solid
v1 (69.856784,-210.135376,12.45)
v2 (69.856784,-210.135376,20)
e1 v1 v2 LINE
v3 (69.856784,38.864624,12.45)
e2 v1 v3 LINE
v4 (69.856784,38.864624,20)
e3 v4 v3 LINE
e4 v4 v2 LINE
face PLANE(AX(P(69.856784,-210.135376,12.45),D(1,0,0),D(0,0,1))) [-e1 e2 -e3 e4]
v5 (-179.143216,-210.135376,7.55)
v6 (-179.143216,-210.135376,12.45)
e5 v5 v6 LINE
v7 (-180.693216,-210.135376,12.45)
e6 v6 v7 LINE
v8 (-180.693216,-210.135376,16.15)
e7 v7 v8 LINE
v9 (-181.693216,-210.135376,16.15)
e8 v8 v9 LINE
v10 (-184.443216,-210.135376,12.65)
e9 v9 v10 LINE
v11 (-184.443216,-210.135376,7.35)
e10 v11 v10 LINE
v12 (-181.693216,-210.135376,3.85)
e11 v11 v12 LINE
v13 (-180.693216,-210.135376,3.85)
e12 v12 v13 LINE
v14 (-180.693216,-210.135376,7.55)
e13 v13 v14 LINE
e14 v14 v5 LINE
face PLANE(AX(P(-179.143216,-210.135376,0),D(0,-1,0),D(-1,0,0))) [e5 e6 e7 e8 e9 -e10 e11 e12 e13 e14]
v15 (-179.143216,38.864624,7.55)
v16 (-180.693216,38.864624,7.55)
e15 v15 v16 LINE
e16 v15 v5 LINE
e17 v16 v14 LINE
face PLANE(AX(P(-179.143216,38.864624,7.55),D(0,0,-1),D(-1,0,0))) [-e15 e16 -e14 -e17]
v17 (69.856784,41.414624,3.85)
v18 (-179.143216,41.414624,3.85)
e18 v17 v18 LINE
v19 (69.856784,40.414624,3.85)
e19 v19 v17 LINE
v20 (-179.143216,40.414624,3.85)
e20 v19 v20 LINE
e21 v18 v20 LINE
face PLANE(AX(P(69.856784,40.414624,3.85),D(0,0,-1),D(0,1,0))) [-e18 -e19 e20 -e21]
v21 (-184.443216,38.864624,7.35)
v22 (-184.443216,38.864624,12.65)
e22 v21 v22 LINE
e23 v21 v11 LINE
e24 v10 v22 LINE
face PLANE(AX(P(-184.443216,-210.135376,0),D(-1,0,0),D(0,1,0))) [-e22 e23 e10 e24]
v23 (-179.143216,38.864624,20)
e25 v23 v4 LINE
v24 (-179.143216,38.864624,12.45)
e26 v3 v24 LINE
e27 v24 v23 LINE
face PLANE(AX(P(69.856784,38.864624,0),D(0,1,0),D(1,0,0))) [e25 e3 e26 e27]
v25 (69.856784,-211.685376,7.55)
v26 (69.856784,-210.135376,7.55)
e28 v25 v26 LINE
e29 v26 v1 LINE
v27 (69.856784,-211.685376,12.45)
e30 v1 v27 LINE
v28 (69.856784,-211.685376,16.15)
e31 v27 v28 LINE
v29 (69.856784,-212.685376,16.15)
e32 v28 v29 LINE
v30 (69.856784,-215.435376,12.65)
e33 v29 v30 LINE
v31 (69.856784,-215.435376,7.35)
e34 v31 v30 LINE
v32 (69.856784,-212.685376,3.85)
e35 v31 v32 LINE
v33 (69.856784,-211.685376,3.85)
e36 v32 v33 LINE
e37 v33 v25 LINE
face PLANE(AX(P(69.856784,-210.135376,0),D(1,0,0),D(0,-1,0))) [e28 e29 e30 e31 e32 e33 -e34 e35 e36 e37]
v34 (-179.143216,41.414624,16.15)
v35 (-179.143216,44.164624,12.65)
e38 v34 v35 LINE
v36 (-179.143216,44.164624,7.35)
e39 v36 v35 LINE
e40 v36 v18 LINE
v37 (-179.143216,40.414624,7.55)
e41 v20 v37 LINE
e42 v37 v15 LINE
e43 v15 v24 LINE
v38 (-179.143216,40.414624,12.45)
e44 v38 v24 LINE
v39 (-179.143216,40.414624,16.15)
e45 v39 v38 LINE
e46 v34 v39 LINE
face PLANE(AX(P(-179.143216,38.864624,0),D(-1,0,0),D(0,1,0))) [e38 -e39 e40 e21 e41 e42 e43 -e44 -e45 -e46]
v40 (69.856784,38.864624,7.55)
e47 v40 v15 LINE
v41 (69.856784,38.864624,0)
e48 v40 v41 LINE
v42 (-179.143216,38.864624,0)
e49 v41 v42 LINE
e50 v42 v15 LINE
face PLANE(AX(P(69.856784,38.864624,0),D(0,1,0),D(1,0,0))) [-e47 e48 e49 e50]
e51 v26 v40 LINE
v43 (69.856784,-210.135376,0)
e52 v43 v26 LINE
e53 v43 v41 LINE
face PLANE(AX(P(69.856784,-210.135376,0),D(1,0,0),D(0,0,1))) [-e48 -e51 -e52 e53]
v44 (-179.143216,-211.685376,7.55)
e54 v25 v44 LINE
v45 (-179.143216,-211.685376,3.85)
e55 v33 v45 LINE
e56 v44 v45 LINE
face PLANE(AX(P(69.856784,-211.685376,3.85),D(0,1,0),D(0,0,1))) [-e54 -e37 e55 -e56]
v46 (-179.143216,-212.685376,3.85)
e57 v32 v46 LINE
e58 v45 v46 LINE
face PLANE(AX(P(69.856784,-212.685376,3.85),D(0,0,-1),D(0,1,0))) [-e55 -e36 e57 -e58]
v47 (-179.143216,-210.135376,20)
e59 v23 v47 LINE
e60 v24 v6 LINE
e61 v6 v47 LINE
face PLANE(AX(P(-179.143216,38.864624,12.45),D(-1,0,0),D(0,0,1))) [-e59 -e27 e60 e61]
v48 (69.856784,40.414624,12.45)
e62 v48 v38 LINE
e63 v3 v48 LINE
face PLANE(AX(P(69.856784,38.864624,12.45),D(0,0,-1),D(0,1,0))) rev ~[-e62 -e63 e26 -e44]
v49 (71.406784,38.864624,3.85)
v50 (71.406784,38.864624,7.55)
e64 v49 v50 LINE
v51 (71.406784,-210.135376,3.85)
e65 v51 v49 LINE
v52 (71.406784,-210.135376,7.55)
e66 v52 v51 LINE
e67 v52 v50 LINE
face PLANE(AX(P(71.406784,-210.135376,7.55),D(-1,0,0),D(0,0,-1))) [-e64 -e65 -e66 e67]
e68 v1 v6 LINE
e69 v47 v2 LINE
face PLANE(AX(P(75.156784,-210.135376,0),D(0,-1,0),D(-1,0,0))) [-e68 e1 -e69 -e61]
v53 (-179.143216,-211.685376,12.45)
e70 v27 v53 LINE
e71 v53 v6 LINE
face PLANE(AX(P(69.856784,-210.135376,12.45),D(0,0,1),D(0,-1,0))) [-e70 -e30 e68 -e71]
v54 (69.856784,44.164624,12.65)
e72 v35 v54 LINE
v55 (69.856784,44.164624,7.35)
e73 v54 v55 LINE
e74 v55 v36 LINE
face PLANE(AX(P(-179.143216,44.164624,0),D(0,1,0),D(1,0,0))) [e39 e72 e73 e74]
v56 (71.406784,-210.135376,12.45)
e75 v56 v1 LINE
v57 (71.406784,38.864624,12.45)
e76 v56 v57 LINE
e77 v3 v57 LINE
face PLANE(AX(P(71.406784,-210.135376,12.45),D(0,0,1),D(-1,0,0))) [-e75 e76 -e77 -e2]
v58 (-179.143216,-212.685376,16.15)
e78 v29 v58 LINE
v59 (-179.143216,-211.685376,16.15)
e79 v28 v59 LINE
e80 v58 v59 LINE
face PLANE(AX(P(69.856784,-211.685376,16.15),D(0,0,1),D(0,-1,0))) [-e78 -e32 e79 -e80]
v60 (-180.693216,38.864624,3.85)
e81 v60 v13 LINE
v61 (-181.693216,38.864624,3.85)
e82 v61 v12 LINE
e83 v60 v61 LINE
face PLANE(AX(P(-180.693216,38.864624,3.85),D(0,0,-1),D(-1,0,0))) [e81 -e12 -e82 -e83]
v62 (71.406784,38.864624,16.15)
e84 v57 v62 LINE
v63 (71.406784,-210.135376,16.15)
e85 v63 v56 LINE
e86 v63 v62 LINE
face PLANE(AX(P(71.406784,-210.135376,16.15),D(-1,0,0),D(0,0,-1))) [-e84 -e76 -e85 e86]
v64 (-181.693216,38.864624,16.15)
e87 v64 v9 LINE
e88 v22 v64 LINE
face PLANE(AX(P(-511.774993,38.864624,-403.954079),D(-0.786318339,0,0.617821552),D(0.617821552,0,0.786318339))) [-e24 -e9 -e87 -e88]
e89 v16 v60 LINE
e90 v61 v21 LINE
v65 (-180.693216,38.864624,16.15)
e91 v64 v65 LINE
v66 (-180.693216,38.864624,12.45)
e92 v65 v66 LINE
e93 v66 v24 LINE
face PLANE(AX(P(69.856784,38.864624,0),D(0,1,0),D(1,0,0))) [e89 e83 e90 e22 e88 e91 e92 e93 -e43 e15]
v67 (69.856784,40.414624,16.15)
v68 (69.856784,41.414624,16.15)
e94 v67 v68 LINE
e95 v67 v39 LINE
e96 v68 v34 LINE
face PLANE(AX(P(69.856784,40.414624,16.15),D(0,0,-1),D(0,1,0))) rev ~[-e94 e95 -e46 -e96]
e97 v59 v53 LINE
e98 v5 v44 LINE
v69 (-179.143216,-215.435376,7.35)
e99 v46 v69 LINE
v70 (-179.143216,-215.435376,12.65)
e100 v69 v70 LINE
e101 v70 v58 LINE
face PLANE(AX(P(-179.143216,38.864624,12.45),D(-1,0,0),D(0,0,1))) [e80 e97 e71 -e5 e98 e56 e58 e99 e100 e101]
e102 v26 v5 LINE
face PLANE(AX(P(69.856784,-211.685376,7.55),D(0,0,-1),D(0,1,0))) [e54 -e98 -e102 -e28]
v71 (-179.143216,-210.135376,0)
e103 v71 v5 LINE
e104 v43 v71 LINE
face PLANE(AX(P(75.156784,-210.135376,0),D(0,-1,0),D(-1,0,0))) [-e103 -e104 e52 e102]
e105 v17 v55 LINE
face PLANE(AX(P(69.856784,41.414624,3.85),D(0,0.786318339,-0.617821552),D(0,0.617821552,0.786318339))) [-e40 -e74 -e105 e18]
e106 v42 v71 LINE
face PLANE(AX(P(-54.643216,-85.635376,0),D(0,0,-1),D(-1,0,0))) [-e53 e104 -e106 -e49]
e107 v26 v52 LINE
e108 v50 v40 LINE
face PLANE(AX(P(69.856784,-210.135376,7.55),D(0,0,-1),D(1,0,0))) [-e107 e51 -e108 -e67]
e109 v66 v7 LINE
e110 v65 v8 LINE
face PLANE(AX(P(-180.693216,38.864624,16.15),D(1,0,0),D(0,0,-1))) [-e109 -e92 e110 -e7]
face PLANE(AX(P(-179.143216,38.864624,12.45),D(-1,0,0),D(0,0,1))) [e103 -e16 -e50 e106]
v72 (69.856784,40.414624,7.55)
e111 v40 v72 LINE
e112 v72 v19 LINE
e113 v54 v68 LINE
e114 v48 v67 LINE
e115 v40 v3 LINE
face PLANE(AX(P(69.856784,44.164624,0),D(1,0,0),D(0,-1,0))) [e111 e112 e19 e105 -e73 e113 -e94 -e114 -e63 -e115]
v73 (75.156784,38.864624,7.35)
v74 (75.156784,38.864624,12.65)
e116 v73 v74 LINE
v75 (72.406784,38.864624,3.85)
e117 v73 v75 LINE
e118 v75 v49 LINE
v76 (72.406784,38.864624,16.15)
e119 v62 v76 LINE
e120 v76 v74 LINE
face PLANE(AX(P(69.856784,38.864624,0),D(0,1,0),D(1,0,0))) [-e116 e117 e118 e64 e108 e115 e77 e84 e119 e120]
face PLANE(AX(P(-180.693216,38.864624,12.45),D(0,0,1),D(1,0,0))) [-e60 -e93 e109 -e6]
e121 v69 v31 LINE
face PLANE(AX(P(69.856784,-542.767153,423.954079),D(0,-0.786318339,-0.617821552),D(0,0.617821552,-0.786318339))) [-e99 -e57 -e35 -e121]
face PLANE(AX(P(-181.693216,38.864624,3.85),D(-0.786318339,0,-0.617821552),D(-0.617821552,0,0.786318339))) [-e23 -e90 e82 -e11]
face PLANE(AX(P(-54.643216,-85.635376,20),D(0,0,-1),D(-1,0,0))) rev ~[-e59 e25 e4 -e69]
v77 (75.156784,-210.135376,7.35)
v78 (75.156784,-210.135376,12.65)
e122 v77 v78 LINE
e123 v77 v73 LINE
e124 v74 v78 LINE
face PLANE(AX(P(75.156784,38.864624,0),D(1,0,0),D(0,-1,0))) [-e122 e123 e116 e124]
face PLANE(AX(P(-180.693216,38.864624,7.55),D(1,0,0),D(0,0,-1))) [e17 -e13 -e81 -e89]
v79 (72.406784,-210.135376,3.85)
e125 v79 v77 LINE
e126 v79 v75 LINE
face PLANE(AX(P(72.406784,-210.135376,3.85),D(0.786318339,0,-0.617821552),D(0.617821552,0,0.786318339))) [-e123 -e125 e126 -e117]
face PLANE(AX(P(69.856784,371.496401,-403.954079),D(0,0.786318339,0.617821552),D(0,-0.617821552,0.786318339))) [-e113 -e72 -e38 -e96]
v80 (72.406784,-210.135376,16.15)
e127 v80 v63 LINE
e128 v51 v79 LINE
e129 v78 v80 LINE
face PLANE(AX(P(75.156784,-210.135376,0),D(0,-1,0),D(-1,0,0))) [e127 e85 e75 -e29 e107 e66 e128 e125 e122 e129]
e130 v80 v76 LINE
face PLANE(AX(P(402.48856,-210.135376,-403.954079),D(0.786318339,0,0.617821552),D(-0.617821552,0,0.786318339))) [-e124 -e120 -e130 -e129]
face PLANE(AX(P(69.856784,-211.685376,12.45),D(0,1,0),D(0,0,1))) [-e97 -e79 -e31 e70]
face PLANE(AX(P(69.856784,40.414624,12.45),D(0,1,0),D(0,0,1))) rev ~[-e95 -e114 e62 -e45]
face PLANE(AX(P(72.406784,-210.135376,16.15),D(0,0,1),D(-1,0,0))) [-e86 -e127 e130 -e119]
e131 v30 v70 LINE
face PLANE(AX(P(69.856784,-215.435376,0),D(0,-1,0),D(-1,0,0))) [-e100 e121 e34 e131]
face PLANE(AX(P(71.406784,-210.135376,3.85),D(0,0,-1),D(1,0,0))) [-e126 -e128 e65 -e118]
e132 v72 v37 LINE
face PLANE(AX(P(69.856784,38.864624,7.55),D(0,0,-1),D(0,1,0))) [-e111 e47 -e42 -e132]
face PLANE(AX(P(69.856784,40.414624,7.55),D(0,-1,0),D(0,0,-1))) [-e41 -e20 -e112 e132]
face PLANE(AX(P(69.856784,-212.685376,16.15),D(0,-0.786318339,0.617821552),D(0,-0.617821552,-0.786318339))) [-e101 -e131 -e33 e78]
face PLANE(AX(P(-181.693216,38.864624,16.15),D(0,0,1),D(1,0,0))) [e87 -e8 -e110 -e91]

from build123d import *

# Parameters (mm, degrees)
BOSS_EXTRU_1_DEPTH           = 20
ENL_V_MAT_EXTRU_1_DEPTH      = 334.887542768
ENL_V_MAT_EXTRU_1_DEPTH_BACK = 249
ENL_V_MAT_EXTRU_2_DEPTH      = 334.887542768
ENL_V_MAT_EXTRU_2_DEPTH_BACK = 249
ENL_V_MAT_EXTRU_3_DEPTH      = 315.78213111
ENL_V_MAT_EXTRU_3_DEPTH_BACK = 249
ENL_V_MAT_EXTRU_4_DEPTH      = 315.78213111
ENL_V_MAT_EXTRU_4_DEPTH_BACK = 249
ENL_V_MAT_EXTRU_5_DEPTH      = 334.887542768
ENL_V_MAT_EXTRU_5_DEPTH_BACK = 249
ENL_V_MAT_EXTRU_6_DEPTH      = 334.887542768
ENL_V_MAT_EXTRU_6_DEPTH_BACK = 249
ENL_V_MAT_EXTRU_7_DEPTH      = 315.78213111
ENL_V_MAT_EXTRU_7_DEPTH_BACK = 249
ENL_V_MAT_EXTRU_8_DEPTH      = 315.78213111
ENL_V_MAT_EXTRU_8_DEPTH_BACK = 249


with BuildPart() as part:
    # Esquisse1 → Boss.-Extru.1 (new body)
    with BuildSketch(Plane.XY):
        Polygon((-179.143216373, 44.164624039), (69.856783627, 44.164624039), (69.856783627, 38.864624039), (75.156783627, 38.864624039), (75.156783627, -210.135375961), (69.856783627, -210.135375961), (69.856783627, -215.435375961), (-179.143216373, -215.435375961), (-179.143216373, -210.135375961), (-184.443216373, -210.135375961), (-184.443216373, 38.864624039), (-179.143216373, 38.864624039), align=None)
    extrude(amount=BOSS_EXTRU_1_DEPTH)

    # Esquisse2 → Enlèv. mat.-Extru.1 (cut, two sides: drawn at the far end of the back side and taken through both)
    with BuildSketch(Plane.ZY.offset(179.143216373).offset(-ENL_V_MAT_EXTRU_1_DEPTH_BACK)):
        Polygon((-529.816054004, 38.864624039), (0, 38.864624039), (7.55, 38.864624039), (7.55, 40.414624039), (3.85, 40.414624039), (3.85, 41.414624039), (7.35, 44.164624039), (423.954079466, 371.496400762), (75.014402763, 1372.026913212), (-878.755730707, 1039.395136489), align=None)
    extrude(amount=ENL_V_MAT_EXTRU_1_DEPTH + ENL_V_MAT_EXTRU_1_DEPTH_BACK, mode=Mode.SUBTRACT)

    # Esquisse3 → Enlèv. mat.-Extru.2 (cut, two sides: drawn at the far end of the back side and taken through both)
    with BuildSketch(Plane.ZY.offset(179.143216373).offset(-ENL_V_MAT_EXTRU_2_DEPTH_BACK)):
        Polygon((549.816054004, 38.864624039), (20, 38.864624039), (12.45, 38.864624039), (12.45, 40.414624039), (16.15, 40.414624039), (16.15, 41.414624039), (12.65, 44.164624039), (-403.954079466, 371.496400762), (-55.014402763, 1372.026913212), (898.755730707, 1039.395136489), align=None)
    extrude(amount=ENL_V_MAT_EXTRU_2_DEPTH + ENL_V_MAT_EXTRU_2_DEPTH_BACK, mode=Mode.SUBTRACT)

    # Esquisse5 → Enlèv. mat.-Extru.3 (cut, two sides: drawn at the far end of the back side and taken through both)
    with BuildSketch(Plane(origin=(0, -210.135375961, 0), x_dir=(-1, 0, 0), z_dir=(0, -1, 0)).offset(-ENL_V_MAT_EXTRU_3_DEPTH_BACK)):
        Polygon((179.143216373, 529.816054004), (179.143216373, 0), (179.143216373, -7.55), (180.693216373, -7.55), (180.693216373, -3.85), (181.693216373, -3.85), (184.443216373, -7.35), (511.774993096, -423.954079466), (1512.305505546, -75.014402763), (1179.673728823, 878.755730707), align=None)
    extrude(amount=ENL_V_MAT_EXTRU_3_DEPTH + ENL_V_MAT_EXTRU_3_DEPTH_BACK, mode=Mode.SUBTRACT)

    # Esquisse6 → Enlèv. mat.-Extru.4 (cut, two sides: drawn at the far end of the back side and taken through both)
    with BuildSketch(Plane(origin=(0, -210.135375961, 0), x_dir=(-1, 0, 0), z_dir=(0, -1, 0)).offset(-ENL_V_MAT_EXTRU_4_DEPTH_BACK)):
        Polygon((511.774993096, 403.954079466), (184.443216373, -12.65), (181.693216373, -16.15), (180.693216373, -16.15), (180.693216373, -12.45), (179.143216373, -12.45), (179.143216373, -20), (179.143216373, -549.816054004), (1179.673728823, -898.755730707), (1512.305505546, 55.014402763), align=None)
    extrude(amount=ENL_V_MAT_EXTRU_4_DEPTH + ENL_V_MAT_EXTRU_4_DEPTH_BACK, mode=Mode.SUBTRACT)

    # Esquisse8 → Enlèv. mat.-Extru.5 (cut, two sides: drawn at the far end of the back side and taken through both)
    with BuildSketch(Plane.ZY.offset(179.143216373).offset(-ENL_V_MAT_EXTRU_5_DEPTH_BACK)):
        Polygon((20, -210.135375961), (12.45, -210.135375961), (12.45, -211.685375961), (16.15, -211.685375961), (16.15, -212.685375961), (12.65, -215.435375961), (20, -215.435375961), align=None)
    extrude(amount=ENL_V_MAT_EXTRU_5_DEPTH + ENL_V_MAT_EXTRU_5_DEPTH_BACK, mode=Mode.SUBTRACT)

    # Esquisse9 → Enlèv. mat.-Extru.6 (cut, two sides: drawn at the far end of the back side and taken through both)
    with BuildSketch(Plane.ZY.offset(179.143216373).offset(-ENL_V_MAT_EXTRU_6_DEPTH_BACK)):
        Polygon((423.954079466, -542.767152684), (7.35, -215.435375961), (3.85, -212.685375961), (3.85, -211.685375961), (7.55, -211.685375961), (7.55, -210.135375961), (0, -210.135375961), (-529.816054004, -210.135375961), (-878.755730707, -1210.665888411), (75.014402763, -1543.297665134), align=None)
    extrude(amount=ENL_V_MAT_EXTRU_6_DEPTH + ENL_V_MAT_EXTRU_6_DEPTH_BACK, mode=Mode.SUBTRACT)

    # Esquisse11 → Enlèv. mat.-Extru.7 (cut, two sides: drawn at the far end of the back side and taken through both)
    with BuildSketch(Plane(origin=(0, 38.864624039, 0), x_dir=(1, 0, 0), z_dir=(0, 1, 0)).offset(-ENL_V_MAT_EXTRU_7_DEPTH_BACK)):
        Polygon((69.856783627, 0), (69.856783627, -7.55), (71.406783627, -7.55), (71.406783627, -3.85), (72.406783627, -3.85), (75.156783627, -7.35), (75.156783627, 0), align=None)
    extrude(amount=ENL_V_MAT_EXTRU_7_DEPTH + ENL_V_MAT_EXTRU_7_DEPTH_BACK, mode=Mode.SUBTRACT)

    # Esquisse12 → Enlèv. mat.-Extru.8 (cut, two sides: drawn at the far end of the back side and taken through both)
    with BuildSketch(Plane(origin=(0, 38.864624039, 0), x_dir=(1, 0, 0), z_dir=(0, 1, 0)).offset(-ENL_V_MAT_EXTRU_8_DEPTH_BACK)):
        Polygon((402.48856035, 403.954079466), (75.156783627, -12.65), (72.406783627, -16.15), (71.406783627, -16.15), (71.406783627, -12.45), (69.856783627, -12.45), (69.856783627, -20), (69.856783627, -549.816054004), (1070.387296077, -898.755730707), (1403.0190728, 55.014402763), align=None)
    extrude(amount=ENL_V_MAT_EXTRU_8_DEPTH + ENL_V_MAT_EXTRU_8_DEPTH_BACK, mode=Mode.SUBTRACT)


solid = part.part
